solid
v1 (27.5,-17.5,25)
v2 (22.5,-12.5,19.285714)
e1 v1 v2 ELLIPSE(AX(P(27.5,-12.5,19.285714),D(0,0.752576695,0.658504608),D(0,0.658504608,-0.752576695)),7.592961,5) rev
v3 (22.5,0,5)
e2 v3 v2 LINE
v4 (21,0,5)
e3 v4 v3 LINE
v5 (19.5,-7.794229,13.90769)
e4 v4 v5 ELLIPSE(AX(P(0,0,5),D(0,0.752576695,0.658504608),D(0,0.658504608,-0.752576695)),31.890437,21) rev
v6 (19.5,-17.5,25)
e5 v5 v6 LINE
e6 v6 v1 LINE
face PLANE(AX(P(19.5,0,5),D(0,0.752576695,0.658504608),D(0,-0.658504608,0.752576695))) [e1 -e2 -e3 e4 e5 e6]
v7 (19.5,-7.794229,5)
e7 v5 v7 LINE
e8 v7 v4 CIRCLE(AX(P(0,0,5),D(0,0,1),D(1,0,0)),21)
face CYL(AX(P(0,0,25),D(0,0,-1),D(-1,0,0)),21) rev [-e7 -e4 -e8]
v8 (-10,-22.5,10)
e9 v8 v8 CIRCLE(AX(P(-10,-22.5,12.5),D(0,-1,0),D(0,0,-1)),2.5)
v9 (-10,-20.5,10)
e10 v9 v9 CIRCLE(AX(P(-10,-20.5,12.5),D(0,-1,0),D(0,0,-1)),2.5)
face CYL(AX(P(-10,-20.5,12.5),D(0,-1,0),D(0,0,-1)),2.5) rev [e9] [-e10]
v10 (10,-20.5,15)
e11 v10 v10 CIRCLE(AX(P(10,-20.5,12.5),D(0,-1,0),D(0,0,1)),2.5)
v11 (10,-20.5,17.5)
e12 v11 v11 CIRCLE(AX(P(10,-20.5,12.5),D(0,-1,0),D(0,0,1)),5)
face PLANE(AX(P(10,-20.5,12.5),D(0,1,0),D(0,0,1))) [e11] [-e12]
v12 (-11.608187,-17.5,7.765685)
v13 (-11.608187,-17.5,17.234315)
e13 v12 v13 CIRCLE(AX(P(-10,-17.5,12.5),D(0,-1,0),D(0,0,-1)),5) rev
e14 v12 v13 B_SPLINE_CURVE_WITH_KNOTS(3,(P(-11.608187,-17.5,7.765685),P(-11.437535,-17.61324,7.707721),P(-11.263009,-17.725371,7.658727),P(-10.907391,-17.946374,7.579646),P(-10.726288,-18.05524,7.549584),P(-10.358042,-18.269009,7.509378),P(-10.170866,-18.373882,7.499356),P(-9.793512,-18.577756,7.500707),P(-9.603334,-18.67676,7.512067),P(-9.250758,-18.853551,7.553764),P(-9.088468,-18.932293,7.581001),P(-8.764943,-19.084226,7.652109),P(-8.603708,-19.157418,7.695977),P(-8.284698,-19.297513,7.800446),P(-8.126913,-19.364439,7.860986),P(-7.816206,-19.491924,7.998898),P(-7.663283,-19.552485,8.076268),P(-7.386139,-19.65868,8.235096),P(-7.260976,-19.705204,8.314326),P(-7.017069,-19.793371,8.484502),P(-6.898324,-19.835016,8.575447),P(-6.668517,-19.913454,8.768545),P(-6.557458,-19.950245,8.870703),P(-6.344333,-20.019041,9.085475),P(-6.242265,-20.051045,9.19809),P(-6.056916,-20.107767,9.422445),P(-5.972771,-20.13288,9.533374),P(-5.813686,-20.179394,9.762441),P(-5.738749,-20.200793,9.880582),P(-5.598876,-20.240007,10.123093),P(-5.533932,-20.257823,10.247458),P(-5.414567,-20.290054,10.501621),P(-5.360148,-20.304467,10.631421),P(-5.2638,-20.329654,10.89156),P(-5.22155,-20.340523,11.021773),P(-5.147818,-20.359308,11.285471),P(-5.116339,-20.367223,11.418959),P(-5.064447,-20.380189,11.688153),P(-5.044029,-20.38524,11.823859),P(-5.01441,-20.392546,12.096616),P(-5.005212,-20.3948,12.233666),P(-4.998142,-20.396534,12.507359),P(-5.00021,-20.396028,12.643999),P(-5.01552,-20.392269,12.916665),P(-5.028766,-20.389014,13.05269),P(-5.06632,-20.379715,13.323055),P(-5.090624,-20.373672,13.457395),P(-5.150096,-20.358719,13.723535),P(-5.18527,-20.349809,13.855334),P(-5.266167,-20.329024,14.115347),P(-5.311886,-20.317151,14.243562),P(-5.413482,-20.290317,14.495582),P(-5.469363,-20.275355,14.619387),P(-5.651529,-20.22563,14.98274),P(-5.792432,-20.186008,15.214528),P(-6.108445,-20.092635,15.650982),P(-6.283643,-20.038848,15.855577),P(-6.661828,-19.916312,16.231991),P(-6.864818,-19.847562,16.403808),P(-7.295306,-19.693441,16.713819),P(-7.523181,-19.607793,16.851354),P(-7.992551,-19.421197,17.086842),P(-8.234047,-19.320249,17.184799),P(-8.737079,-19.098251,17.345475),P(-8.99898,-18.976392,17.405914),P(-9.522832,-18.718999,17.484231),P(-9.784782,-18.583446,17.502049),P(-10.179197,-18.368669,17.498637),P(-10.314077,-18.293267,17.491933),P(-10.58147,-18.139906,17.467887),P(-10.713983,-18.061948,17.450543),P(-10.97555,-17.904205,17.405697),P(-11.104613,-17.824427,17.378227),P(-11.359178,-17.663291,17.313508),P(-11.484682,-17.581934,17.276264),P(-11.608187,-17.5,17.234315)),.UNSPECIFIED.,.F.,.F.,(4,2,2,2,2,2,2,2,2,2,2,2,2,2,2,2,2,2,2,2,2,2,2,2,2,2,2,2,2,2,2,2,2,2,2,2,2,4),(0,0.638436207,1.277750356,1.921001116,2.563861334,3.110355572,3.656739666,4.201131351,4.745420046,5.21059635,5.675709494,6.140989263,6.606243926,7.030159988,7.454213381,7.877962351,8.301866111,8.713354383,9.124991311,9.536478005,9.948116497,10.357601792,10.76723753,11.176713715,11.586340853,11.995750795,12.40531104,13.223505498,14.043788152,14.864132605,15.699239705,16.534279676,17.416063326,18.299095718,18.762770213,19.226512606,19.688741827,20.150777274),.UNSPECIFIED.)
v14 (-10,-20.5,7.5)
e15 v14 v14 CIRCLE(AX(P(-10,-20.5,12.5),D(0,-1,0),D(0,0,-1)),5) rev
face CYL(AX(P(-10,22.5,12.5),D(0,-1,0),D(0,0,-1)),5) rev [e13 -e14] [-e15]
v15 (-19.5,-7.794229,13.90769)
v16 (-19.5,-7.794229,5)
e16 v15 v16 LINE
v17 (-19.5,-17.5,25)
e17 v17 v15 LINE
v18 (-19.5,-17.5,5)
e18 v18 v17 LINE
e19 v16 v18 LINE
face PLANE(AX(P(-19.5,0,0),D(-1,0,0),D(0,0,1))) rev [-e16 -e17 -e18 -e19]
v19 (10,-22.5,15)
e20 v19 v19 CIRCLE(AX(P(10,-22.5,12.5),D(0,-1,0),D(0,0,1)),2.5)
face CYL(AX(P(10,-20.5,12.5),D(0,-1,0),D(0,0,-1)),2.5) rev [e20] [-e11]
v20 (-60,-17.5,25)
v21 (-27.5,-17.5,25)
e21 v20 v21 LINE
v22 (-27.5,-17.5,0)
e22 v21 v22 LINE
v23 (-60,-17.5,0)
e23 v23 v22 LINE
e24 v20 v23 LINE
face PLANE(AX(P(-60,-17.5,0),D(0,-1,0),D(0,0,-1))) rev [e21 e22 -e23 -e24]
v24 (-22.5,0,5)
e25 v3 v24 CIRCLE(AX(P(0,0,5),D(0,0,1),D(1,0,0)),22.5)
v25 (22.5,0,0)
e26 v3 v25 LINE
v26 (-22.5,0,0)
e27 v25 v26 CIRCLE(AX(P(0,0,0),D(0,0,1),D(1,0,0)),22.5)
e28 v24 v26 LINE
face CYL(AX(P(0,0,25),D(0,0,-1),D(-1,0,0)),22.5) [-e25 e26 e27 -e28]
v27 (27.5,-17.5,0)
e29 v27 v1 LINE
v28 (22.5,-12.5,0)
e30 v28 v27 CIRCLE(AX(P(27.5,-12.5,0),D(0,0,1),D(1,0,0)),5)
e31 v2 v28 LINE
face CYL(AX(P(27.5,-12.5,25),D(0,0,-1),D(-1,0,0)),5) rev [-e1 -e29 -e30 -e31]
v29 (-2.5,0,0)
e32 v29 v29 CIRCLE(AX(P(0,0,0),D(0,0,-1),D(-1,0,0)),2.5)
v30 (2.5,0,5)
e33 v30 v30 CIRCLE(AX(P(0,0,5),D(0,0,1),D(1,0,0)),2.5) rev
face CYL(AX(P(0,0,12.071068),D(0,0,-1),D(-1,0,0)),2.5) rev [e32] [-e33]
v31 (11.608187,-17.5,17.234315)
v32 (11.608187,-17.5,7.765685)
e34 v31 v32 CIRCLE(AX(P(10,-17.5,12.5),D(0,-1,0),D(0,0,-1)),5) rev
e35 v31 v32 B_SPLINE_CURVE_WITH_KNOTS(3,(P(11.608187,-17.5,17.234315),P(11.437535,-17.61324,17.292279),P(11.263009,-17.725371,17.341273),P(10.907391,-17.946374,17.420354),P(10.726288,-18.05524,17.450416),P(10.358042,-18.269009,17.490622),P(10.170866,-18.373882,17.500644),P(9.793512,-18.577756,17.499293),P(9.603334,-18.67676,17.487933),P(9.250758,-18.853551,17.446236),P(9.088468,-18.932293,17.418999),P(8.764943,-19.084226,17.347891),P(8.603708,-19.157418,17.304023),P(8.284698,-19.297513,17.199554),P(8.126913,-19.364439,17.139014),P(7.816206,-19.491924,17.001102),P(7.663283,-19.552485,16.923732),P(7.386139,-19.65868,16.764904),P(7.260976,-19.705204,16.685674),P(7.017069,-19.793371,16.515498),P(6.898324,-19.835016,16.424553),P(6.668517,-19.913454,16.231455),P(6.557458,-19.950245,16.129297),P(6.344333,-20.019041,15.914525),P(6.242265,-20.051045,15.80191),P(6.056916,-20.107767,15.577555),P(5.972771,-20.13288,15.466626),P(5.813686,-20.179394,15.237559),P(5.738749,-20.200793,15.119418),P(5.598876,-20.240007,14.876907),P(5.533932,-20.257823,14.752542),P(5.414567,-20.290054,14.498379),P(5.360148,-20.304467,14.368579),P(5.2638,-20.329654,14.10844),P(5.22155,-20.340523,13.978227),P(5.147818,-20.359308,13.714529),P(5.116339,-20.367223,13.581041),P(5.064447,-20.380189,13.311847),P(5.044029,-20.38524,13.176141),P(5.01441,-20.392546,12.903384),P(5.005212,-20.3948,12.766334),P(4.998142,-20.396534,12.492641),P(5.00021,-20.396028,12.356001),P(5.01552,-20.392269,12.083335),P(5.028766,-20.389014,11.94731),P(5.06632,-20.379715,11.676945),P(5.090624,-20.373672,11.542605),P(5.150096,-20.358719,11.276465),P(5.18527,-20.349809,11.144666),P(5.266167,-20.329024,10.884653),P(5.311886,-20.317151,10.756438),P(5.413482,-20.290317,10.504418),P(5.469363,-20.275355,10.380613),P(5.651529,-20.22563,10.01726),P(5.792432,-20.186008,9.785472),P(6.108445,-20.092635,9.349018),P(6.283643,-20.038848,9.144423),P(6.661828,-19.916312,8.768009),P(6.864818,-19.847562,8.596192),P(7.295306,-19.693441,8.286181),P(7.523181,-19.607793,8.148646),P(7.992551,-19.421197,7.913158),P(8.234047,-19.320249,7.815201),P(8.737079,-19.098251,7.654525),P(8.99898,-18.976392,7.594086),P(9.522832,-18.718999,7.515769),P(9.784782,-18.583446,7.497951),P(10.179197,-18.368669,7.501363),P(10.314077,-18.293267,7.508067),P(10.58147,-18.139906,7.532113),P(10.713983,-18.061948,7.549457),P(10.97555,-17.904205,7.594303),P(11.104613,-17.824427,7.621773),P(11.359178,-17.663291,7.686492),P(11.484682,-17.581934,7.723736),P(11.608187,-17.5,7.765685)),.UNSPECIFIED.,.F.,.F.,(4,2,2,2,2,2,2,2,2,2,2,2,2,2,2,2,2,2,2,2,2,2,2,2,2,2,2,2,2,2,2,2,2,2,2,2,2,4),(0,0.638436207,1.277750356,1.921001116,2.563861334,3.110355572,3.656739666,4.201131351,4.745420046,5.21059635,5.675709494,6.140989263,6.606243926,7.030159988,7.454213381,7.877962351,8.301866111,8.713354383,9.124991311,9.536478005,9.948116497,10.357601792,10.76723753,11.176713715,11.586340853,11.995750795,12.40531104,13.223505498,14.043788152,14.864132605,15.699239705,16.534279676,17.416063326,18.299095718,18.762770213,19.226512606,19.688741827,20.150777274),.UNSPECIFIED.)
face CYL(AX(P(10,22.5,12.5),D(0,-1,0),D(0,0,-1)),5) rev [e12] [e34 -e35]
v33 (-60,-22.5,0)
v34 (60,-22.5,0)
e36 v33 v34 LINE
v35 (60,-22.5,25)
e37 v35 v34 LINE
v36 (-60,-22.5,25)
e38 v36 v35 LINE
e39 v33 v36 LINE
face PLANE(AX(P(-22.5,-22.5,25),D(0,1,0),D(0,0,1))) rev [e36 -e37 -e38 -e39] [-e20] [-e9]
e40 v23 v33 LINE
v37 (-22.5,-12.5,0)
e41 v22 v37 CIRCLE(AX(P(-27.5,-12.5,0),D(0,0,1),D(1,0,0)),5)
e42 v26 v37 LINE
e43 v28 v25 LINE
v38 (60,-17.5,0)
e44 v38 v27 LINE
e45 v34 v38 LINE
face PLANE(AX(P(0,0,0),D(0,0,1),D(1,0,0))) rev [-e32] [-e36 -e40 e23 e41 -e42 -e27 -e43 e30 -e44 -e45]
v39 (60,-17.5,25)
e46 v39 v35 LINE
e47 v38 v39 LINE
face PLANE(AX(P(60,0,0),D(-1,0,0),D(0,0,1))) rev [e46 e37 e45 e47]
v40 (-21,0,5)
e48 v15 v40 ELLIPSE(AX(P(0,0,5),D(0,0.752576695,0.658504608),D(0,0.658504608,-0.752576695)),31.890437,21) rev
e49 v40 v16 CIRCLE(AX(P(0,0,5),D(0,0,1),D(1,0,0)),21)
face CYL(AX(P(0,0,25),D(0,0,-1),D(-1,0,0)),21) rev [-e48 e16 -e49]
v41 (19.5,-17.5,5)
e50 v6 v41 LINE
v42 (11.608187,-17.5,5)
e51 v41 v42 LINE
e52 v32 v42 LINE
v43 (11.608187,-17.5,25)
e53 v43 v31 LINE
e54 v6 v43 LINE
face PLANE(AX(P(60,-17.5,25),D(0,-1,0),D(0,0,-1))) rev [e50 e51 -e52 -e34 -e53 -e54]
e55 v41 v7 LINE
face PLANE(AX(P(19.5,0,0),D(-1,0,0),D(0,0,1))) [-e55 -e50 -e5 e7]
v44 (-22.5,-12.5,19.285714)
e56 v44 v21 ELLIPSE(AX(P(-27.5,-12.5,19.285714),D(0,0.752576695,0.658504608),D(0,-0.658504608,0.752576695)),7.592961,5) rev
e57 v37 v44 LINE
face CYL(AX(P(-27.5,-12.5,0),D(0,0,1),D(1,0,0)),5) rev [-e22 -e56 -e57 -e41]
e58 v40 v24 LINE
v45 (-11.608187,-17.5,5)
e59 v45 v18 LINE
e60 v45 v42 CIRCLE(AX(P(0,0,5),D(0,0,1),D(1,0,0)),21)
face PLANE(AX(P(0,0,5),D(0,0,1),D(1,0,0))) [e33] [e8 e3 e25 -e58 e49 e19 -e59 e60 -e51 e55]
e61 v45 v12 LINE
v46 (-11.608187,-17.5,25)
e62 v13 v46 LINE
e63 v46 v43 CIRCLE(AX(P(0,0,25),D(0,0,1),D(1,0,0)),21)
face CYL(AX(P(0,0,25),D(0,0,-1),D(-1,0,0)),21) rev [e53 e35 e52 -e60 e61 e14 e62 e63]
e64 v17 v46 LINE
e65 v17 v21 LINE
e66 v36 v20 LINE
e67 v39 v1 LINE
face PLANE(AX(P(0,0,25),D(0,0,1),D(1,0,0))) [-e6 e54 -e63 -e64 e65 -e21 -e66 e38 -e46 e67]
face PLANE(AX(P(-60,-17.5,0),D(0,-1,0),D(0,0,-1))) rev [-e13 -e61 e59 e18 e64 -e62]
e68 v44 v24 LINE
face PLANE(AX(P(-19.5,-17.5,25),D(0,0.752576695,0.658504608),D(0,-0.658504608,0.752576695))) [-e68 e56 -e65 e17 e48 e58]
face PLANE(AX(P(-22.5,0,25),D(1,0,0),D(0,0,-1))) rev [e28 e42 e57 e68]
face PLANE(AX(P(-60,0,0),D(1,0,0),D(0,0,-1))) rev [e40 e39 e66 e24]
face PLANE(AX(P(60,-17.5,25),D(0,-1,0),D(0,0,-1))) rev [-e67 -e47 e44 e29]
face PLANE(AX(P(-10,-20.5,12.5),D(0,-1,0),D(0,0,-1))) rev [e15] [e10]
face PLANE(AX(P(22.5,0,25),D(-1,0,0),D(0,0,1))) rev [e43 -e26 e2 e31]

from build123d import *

# Parameters (mm, degrees)
SKETCH2_R           = 22.5
BOSS_EXTRUDE3_DEPTH = 25
SKETCH6_W           = 45
SKETCH6_H           = 22.5
BOSS_EXTRUDE4_DEPTH = 25
SKETCH4_R           = 20
CUT_EXTRUDE1_DEPTH  = 20
SKETCH5_R           = 2.5
CUT_EXTRUDE2_DEPTH  = 5
SKETCH7_R           = 5
CUT_EXTRUDE6_DEPTH  = 46
SKETCH9_R           = 5
SKETCH9_R_2         = 2.5
BOSS_EXTRUDE5_DEPTH = 2
SKETCH14_W          = 15
SKETCH14_H          = 5
CUT_EXTRUDE8_DEPTH  = 46.0000001
SKETCH15_W          = 25
SKETCH15_H          = 5
BOSS_EXTRUDE6_DEPTH = 37.5
SKETCH16_W          = 25
SKETCH16_H          = 5
BOSS_EXTRUDE7_DEPTH = 37.5
SKETCH19_W          = 50
SKETCH19_H          = 50
CUT_EXTRUDE9_DEPTH  = 20
BOSS_EXTRUDE8_DEPTH = 3
BOSS_EXTRUDE9_DEPTH = 3
SKETCH22_R          = 21
CUT_EXTRUDE10_DEPTH = 21.0000001
FILLET2_R           = 5


with BuildPart() as part:
    # Sketch2 → Boss-Extrude3 (new body)
    with BuildSketch(Plane.XY):
        Circle(SKETCH2_R)
    extrude(amount=BOSS_EXTRUDE3_DEPTH)

    # Sketch6 → Boss-Extrude4 (add)
    with BuildSketch(Plane.XY):
        with Locations((0, -11.25)):
            Rectangle(SKETCH6_W, SKETCH6_H)
    extrude(amount=BOSS_EXTRUDE4_DEPTH)

    # Sketch4 → Cut-Extrude1 (cut)
    with BuildSketch(Plane.XY.offset(25)):
        Circle(SKETCH4_R)
    extrude(amount=-CUT_EXTRUDE1_DEPTH, mode=Mode.SUBTRACT)

    # Sketch5 → Cut-Extrude2 (cut)
    with BuildSketch(Plane(origin=(0, 0, 0), x_dir=(-1, 0, 0), z_dir=(0, 0, -1))):
        Circle(SKETCH5_R)
    extrude(amount=-CUT_EXTRUDE2_DEPTH, mode=Mode.SUBTRACT)

    # Sketch7 → Cut-Extrude6 (cut, through all)
    with BuildSketch(Plane.XZ.offset(22.5)):
        with Locations((-10, 12.5)):
            Circle(SKETCH7_R)
        with Locations((10, 12.5)):
            Circle(SKETCH7_R)
    extrude(amount=-CUT_EXTRUDE6_DEPTH, mode=Mode.SUBTRACT)

    # Sketch9 → Boss-Extrude5 (add)
    with BuildSketch(Plane.XZ.offset(22.5)):
        with Locations((-10, 12.5)):
            Circle(SKETCH9_R)
        with Locations((-10, 12.5)):
            Circle(SKETCH9_R_2, mode=Mode.SUBTRACT)
        with Locations((10, 12.5)):
            Circle(SKETCH9_R)
        with Locations((10, 12.5)):
            Circle(SKETCH9_R_2, mode=Mode.SUBTRACT)
    extrude(amount=-BOSS_EXTRUDE5_DEPTH)

    # Sketch14 → Cut-Extrude8 (cut, through all)
    with BuildSketch(Plane(origin=(22.5, 0, 0), x_dir=(0, 0, -1), z_dir=(1, 0, 0))):
        with Locations((-12.5, 0)):
            Rectangle(SKETCH14_W, SKETCH14_H)
    extrude(amount=-CUT_EXTRUDE8_DEPTH, mode=Mode.SUBTRACT)

    # Sketch15 → Boss-Extrude6 (add)
    with BuildSketch(Plane.ZY.offset(22.5)):
        with Locations((12.5, -20)):
            Rectangle(SKETCH15_W, SKETCH15_H)
    extrude(amount=BOSS_EXTRUDE6_DEPTH)

    # Sketch16 → Boss-Extrude7 (add)
    with BuildSketch(Plane(origin=(22.5, 0, 0), x_dir=(0, 0, -1), z_dir=(1, 0, 0))):
        with Locations((-12.5, -20)):
            Rectangle(SKETCH16_W, SKETCH16_H)
    extrude(amount=BOSS_EXTRUDE7_DEPTH)

    # Sketch19 → Cut-Extrude9 (cut)
    with BuildSketch(Plane.XY.offset(25)):
        with Locations((2.5, 7.5)):
            Rectangle(SKETCH19_W, SKETCH19_H)
    extrude(amount=-CUT_EXTRUDE9_DEPTH, mode=Mode.SUBTRACT)

    # Sketch24 → Boss-Extrude8 (add)
    with BuildSketch(Plane.ZY.offset(22.5)):
        Polygon((5, 0), (5, -17.5), (25, -17.5), align=None)
    extrude(amount=-BOSS_EXTRUDE8_DEPTH)

    # Sketch25 → Boss-Extrude9 (add)
    with BuildSketch(Plane(origin=(22.5, 0, 0), x_dir=(0, 0, -1), z_dir=(1, 0, 0))):
        Polygon((-5, 0), (-25, -17.5), (-5, -17.5), align=None)
    extrude(amount=-BOSS_EXTRUDE9_DEPTH)

    # Sketch22 → Cut-Extrude10 (cut, through all)
    with BuildSketch(Plane.XY.offset(5)):
        Circle(SKETCH22_R)
    extrude(amount=CUT_EXTRUDE10_DEPTH, mode=Mode.SUBTRACT)

    # Fillet2
    fillet2_edges = [part.edges().sort_by_distance(p)[0] for p in [
        (22.5, -17.5, 12.5),
        (-22.5, -17.5, 12.5),
    ]]
    fillet(fillet2_edges, radius=FILLET2_R)


solid = part.part
